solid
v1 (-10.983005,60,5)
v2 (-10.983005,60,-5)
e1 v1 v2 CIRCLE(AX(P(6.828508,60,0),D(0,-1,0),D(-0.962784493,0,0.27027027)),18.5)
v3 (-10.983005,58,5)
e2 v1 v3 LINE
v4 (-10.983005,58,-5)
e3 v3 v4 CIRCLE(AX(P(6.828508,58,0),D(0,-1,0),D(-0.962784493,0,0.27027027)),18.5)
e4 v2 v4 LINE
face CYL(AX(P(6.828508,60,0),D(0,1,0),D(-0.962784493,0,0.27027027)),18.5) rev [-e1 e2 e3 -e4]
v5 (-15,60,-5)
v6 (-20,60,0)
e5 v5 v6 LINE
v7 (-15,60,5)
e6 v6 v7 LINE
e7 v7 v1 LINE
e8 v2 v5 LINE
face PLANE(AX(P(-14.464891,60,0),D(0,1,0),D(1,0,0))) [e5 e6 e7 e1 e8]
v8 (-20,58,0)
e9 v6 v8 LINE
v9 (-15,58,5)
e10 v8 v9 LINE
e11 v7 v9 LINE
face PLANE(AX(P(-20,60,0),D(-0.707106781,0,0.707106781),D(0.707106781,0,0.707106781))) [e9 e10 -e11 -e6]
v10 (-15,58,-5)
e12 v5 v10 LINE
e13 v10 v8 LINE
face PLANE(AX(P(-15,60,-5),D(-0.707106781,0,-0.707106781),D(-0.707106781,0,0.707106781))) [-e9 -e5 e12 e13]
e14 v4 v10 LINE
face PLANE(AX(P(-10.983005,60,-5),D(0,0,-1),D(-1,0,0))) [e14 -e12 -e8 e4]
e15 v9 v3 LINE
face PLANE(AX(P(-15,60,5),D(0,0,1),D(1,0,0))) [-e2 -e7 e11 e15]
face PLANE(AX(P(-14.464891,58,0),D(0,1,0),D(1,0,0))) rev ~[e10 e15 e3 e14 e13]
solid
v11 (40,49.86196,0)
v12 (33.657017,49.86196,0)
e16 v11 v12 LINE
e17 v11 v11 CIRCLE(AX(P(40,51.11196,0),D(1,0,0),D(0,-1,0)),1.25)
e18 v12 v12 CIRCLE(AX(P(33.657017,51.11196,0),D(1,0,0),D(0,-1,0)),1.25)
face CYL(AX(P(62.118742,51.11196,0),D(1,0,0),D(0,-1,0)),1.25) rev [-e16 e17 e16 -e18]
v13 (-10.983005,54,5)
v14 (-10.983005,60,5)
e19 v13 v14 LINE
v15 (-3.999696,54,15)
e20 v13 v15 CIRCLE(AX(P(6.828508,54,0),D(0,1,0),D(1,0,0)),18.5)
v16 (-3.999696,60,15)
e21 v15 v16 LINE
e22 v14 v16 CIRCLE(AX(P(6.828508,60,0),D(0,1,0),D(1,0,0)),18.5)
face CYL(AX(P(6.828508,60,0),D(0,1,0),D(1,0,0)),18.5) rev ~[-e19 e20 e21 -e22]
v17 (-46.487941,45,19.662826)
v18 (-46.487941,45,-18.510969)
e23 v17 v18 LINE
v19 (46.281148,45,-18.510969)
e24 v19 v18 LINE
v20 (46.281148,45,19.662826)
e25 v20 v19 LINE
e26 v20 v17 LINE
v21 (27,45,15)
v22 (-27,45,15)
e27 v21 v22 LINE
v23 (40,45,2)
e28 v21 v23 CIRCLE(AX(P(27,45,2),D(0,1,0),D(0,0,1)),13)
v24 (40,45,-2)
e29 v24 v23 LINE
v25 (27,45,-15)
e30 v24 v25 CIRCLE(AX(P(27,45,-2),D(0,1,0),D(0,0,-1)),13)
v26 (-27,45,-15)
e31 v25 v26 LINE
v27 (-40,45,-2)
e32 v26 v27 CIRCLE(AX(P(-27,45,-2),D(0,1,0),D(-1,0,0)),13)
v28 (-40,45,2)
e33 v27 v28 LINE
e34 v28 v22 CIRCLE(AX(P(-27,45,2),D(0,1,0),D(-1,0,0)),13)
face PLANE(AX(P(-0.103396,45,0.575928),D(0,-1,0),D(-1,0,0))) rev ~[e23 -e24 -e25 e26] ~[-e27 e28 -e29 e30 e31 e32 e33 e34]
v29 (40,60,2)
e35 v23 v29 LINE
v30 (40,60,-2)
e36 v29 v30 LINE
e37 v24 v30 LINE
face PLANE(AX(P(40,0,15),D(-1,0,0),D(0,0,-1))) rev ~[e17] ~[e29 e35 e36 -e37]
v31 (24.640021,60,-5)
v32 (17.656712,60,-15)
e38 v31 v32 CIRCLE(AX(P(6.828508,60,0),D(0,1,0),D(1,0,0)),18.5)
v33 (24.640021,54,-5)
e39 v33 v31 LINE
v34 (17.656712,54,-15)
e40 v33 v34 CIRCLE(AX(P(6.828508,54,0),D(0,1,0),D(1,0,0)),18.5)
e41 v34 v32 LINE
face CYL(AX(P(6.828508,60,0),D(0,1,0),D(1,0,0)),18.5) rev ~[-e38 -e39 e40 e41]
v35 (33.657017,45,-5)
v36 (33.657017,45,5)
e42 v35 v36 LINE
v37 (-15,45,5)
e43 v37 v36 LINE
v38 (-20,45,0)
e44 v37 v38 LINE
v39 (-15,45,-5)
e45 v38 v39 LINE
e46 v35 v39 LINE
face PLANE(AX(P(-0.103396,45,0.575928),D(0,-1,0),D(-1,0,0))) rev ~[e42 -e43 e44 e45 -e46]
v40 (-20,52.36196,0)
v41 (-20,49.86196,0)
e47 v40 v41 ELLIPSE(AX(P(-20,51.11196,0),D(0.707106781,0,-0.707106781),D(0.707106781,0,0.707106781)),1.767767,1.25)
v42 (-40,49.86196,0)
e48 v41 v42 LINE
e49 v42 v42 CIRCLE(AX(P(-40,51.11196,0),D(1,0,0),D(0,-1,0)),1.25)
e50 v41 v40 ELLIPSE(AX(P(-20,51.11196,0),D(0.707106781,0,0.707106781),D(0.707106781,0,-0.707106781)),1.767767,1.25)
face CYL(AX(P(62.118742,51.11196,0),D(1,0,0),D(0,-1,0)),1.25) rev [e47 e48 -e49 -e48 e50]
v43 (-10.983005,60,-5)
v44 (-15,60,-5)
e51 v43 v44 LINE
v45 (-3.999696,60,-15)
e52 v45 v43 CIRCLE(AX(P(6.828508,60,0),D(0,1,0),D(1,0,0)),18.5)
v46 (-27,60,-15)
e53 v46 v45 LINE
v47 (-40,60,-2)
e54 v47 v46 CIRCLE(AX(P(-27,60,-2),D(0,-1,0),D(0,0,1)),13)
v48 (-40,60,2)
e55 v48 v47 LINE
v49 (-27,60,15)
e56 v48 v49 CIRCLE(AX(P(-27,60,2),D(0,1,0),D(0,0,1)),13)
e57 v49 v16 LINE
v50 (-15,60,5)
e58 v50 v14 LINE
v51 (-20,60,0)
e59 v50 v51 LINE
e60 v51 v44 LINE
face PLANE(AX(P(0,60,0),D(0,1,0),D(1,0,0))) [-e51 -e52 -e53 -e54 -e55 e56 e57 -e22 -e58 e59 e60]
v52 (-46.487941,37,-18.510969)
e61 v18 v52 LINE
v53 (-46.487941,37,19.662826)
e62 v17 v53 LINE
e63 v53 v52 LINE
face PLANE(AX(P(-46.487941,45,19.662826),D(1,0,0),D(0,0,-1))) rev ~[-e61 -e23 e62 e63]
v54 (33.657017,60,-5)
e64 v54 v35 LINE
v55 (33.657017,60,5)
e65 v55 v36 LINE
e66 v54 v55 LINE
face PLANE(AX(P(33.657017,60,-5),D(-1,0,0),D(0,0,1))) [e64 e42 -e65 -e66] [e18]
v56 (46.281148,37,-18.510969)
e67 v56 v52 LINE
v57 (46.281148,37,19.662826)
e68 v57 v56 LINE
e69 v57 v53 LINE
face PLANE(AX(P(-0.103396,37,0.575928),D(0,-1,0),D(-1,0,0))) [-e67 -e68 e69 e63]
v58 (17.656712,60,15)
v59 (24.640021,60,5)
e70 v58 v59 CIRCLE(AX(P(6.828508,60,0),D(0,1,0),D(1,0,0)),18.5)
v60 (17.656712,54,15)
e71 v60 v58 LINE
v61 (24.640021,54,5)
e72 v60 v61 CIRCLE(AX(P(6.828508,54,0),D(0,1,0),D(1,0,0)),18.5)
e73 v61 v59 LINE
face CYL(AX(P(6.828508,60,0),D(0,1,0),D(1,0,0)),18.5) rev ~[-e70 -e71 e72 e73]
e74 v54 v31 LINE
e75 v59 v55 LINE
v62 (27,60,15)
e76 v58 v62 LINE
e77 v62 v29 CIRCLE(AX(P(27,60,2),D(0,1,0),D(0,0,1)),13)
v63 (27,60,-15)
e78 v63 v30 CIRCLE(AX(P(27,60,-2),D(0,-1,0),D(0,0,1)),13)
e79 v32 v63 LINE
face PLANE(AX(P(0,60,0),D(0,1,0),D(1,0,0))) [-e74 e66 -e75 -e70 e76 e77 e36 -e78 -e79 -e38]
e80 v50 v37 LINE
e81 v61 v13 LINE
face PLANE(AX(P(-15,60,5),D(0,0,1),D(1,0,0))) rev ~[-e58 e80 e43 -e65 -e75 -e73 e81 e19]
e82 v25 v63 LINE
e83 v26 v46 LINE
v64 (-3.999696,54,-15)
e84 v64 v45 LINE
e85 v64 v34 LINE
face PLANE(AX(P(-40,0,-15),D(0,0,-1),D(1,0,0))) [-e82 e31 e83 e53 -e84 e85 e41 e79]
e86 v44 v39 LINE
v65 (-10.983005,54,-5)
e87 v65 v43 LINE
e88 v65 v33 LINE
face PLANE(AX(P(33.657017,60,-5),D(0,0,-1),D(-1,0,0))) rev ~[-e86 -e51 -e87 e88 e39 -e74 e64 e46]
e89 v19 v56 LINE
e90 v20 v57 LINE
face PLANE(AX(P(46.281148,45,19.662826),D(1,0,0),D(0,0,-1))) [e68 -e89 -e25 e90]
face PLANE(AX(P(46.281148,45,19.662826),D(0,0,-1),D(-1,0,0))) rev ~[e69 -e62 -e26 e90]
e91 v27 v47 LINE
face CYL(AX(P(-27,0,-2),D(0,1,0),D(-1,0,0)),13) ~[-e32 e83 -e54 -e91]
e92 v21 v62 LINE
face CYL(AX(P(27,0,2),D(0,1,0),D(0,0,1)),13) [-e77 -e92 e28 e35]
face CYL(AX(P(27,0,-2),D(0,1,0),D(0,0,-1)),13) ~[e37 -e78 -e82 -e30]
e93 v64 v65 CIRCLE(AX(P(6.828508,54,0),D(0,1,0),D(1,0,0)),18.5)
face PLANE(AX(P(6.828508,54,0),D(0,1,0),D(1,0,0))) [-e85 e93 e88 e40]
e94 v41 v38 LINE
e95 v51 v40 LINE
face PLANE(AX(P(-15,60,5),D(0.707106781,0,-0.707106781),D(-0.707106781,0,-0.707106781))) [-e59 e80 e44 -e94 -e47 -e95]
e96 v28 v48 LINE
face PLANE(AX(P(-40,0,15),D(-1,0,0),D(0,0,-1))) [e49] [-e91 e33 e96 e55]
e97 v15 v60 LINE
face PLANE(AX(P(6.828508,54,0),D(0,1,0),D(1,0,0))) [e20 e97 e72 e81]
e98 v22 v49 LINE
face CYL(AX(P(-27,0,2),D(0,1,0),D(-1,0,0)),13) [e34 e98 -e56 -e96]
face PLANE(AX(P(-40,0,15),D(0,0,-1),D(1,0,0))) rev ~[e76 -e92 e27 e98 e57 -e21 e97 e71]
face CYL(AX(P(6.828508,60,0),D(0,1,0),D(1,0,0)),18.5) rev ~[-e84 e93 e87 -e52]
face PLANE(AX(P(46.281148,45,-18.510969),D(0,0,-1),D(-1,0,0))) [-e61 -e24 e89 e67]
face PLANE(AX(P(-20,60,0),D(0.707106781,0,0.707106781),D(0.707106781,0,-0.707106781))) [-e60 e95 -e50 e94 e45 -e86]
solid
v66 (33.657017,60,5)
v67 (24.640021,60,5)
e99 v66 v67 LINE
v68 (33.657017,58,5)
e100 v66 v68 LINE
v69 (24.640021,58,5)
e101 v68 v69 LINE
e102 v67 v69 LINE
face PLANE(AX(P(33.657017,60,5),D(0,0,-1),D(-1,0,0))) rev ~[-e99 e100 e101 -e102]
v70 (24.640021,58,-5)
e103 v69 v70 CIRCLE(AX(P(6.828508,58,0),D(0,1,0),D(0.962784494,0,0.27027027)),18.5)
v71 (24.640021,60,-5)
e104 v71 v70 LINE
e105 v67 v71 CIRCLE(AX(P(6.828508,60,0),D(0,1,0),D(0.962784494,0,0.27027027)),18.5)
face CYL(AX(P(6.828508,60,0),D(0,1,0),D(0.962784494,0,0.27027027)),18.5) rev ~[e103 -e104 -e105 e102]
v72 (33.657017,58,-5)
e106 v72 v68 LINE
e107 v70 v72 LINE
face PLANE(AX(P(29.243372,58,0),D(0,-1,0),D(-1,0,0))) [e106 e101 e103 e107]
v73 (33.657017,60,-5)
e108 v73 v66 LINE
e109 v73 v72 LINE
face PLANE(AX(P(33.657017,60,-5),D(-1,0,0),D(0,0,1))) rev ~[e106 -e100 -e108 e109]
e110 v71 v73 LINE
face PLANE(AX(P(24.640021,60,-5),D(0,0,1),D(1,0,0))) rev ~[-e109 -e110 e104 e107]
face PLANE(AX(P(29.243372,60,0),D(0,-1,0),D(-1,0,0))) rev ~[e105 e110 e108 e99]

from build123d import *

# Parameters (mm, degrees)
SKETCH1_W                = 80
SKETCH1_H                = 30
BOSS_EXTRUDE1_DEPTH      = 60
CUT_EXTRUDE1_DEPTH       = 75
CUT_EXTRUDE2_DEPTH       = 102.118742081
CUT_EXTRUDE2_DEPTH_BACK  = 102.118742081
SKETCH3_R                = 1.25
FILLET1_R                = 13
SKETCH15_W               = 83.696095513
SKETCH15_H               = 31.69844841
CUT_EXTRUDE7_DEPTH       = 50
BOSS_EXTRUDE4_DEPTH      = 3
BOSS_EXTRUDE4_DEPTH_BACK = 5
SKETCH16_W               = 92.769089126
SKETCH16_H               = 38.173794917
SKETCH18_R               = 18.5
CUT_EXTRUDE8_DEPTH       = 6
BOSS_EXTRUDE5_DEPTH      = 2
BOSS_EXTRUDE5_2_DEPTH    = 2


with BuildPart() as part:
    # Sketch1 → Boss-Extrude1 (new body)
    with BuildSketch(Plane(origin=(0, 0, 0), x_dir=(1, 0, 0), z_dir=(0, 1, 0))):
        Rectangle(SKETCH1_W, SKETCH1_H)
    extrude(amount=BOSS_EXTRUDE1_DEPTH)

    # Sketch2 → Cut-Extrude1 (cut)
    with BuildSketch(Plane(origin=(0, 60, 0), x_dir=(1, 0, 0), z_dir=(0, 1, 0))):
        Polygon((-15, 5), (15, 5), (33.657016573, 5), (33.657016573, -5), (15, -5), (-15, -5), (-20, 0), align=None)
    extrude(amount=-CUT_EXTRUDE1_DEPTH, mode=Mode.SUBTRACT)

    # Sketch3 → Cut-Extrude2 (cut, two sides: drawn at the far end of the back side and taken through both)
    with BuildSketch(Plane.ZY.offset(40).offset(-CUT_EXTRUDE2_DEPTH_BACK)):
        with Locations(Location((0, 51.111959895, 0), (0, 0, 270))):
            Circle(SKETCH3_R)
    extrude(amount=CUT_EXTRUDE2_DEPTH + CUT_EXTRUDE2_DEPTH_BACK, mode=Mode.SUBTRACT)

    # Fillet1
    fillet1_edges = [part.edges().sort_by_distance(p)[0] for p in [
        (40, 30, 15),
        (-40, 30, 15),
        (-40, 30, -15),
        (40, 30, -15),
    ]]
    fillet(fillet1_edges, radius=FILLET1_R)

    # Sketch15 → Cut-Extrude7 (cut)
    with BuildSketch(Plane(origin=(0, -10, 0), x_dir=(-1, 0, 0), z_dir=(0, -1, 0))):
        with Locations((-0.057440767, 0.030479277)):
            Rectangle(SKETCH15_W, SKETCH15_H)
    extrude(amount=-CUT_EXTRUDE7_DEPTH, mode=Mode.SUBTRACT)

    # Sketch16 → Boss-Extrude4 (add, two sides: drawn at the far end of the back side and taken through both)
    with BuildSketch(Plane(origin=(0, 40, 0), x_dir=(-1, 0, 0), z_dir=(0, -1, 0)).offset(-BOSS_EXTRUDE4_DEPTH_BACK)):
        with Locations((0.103396131, -0.575928298)):
            Rectangle(SKETCH16_W, SKETCH16_H)
    extrude(amount=BOSS_EXTRUDE4_DEPTH + BOSS_EXTRUDE4_DEPTH_BACK)

    # Sketch18 → Cut-Extrude8 (cut)
    with BuildSketch(Plane(origin=(0, 60, 0), x_dir=(1, 0, 0), z_dir=(0, 1, 0))):
        with Locations((6.828508286, 0)):
            Circle(SKETCH18_R)
    extrude(amount=-CUT_EXTRUDE8_DEPTH, mode=Mode.SUBTRACT)


with BuildPart() as body_2:
    # Sketch19 → Boss-Extrude5 (new body)
    with BuildSketch(Plane(origin=(0, 60, 0), x_dir=(1, 0, 0), z_dir=(0, 1, 0))):
        with BuildLine():
            Line((-10.983004844, 5), (-15, 5))
            Line((-15, 5), (-20, 0))
            Line((-20, 0), (-15, -5))
            Line((-15, -5), (-10.983004844, -5))
            ThreePointArc((-10.983004844, -5), (-11.671491714, 0), (-10.983004844, 5))
        make_face()
    extrude(amount=-BOSS_EXTRUDE5_DEPTH)


with BuildPart() as body_3:
    # Sketch19 → Boss-Extrude5 2 (new body)
    with BuildSketch(Plane(origin=(0, 60, 0), x_dir=(1, 0, 0), z_dir=(0, 1, 0))):
        with BuildLine():
            Line((24.640021417, 5), (33.657016573, 5))
            Line((33.657016573, 5), (33.657016573, -5))
            Line((33.657016573, -5), (24.640021417, -5))
            ThreePointArc((24.640021417, -5), (25.328508286, 0), (24.640021417, 5))
        make_face()
    extrude(amount=-BOSS_EXTRUDE5_2_DEPTH)


solid = Compound([part.part, body_2.part, body_3.part])
